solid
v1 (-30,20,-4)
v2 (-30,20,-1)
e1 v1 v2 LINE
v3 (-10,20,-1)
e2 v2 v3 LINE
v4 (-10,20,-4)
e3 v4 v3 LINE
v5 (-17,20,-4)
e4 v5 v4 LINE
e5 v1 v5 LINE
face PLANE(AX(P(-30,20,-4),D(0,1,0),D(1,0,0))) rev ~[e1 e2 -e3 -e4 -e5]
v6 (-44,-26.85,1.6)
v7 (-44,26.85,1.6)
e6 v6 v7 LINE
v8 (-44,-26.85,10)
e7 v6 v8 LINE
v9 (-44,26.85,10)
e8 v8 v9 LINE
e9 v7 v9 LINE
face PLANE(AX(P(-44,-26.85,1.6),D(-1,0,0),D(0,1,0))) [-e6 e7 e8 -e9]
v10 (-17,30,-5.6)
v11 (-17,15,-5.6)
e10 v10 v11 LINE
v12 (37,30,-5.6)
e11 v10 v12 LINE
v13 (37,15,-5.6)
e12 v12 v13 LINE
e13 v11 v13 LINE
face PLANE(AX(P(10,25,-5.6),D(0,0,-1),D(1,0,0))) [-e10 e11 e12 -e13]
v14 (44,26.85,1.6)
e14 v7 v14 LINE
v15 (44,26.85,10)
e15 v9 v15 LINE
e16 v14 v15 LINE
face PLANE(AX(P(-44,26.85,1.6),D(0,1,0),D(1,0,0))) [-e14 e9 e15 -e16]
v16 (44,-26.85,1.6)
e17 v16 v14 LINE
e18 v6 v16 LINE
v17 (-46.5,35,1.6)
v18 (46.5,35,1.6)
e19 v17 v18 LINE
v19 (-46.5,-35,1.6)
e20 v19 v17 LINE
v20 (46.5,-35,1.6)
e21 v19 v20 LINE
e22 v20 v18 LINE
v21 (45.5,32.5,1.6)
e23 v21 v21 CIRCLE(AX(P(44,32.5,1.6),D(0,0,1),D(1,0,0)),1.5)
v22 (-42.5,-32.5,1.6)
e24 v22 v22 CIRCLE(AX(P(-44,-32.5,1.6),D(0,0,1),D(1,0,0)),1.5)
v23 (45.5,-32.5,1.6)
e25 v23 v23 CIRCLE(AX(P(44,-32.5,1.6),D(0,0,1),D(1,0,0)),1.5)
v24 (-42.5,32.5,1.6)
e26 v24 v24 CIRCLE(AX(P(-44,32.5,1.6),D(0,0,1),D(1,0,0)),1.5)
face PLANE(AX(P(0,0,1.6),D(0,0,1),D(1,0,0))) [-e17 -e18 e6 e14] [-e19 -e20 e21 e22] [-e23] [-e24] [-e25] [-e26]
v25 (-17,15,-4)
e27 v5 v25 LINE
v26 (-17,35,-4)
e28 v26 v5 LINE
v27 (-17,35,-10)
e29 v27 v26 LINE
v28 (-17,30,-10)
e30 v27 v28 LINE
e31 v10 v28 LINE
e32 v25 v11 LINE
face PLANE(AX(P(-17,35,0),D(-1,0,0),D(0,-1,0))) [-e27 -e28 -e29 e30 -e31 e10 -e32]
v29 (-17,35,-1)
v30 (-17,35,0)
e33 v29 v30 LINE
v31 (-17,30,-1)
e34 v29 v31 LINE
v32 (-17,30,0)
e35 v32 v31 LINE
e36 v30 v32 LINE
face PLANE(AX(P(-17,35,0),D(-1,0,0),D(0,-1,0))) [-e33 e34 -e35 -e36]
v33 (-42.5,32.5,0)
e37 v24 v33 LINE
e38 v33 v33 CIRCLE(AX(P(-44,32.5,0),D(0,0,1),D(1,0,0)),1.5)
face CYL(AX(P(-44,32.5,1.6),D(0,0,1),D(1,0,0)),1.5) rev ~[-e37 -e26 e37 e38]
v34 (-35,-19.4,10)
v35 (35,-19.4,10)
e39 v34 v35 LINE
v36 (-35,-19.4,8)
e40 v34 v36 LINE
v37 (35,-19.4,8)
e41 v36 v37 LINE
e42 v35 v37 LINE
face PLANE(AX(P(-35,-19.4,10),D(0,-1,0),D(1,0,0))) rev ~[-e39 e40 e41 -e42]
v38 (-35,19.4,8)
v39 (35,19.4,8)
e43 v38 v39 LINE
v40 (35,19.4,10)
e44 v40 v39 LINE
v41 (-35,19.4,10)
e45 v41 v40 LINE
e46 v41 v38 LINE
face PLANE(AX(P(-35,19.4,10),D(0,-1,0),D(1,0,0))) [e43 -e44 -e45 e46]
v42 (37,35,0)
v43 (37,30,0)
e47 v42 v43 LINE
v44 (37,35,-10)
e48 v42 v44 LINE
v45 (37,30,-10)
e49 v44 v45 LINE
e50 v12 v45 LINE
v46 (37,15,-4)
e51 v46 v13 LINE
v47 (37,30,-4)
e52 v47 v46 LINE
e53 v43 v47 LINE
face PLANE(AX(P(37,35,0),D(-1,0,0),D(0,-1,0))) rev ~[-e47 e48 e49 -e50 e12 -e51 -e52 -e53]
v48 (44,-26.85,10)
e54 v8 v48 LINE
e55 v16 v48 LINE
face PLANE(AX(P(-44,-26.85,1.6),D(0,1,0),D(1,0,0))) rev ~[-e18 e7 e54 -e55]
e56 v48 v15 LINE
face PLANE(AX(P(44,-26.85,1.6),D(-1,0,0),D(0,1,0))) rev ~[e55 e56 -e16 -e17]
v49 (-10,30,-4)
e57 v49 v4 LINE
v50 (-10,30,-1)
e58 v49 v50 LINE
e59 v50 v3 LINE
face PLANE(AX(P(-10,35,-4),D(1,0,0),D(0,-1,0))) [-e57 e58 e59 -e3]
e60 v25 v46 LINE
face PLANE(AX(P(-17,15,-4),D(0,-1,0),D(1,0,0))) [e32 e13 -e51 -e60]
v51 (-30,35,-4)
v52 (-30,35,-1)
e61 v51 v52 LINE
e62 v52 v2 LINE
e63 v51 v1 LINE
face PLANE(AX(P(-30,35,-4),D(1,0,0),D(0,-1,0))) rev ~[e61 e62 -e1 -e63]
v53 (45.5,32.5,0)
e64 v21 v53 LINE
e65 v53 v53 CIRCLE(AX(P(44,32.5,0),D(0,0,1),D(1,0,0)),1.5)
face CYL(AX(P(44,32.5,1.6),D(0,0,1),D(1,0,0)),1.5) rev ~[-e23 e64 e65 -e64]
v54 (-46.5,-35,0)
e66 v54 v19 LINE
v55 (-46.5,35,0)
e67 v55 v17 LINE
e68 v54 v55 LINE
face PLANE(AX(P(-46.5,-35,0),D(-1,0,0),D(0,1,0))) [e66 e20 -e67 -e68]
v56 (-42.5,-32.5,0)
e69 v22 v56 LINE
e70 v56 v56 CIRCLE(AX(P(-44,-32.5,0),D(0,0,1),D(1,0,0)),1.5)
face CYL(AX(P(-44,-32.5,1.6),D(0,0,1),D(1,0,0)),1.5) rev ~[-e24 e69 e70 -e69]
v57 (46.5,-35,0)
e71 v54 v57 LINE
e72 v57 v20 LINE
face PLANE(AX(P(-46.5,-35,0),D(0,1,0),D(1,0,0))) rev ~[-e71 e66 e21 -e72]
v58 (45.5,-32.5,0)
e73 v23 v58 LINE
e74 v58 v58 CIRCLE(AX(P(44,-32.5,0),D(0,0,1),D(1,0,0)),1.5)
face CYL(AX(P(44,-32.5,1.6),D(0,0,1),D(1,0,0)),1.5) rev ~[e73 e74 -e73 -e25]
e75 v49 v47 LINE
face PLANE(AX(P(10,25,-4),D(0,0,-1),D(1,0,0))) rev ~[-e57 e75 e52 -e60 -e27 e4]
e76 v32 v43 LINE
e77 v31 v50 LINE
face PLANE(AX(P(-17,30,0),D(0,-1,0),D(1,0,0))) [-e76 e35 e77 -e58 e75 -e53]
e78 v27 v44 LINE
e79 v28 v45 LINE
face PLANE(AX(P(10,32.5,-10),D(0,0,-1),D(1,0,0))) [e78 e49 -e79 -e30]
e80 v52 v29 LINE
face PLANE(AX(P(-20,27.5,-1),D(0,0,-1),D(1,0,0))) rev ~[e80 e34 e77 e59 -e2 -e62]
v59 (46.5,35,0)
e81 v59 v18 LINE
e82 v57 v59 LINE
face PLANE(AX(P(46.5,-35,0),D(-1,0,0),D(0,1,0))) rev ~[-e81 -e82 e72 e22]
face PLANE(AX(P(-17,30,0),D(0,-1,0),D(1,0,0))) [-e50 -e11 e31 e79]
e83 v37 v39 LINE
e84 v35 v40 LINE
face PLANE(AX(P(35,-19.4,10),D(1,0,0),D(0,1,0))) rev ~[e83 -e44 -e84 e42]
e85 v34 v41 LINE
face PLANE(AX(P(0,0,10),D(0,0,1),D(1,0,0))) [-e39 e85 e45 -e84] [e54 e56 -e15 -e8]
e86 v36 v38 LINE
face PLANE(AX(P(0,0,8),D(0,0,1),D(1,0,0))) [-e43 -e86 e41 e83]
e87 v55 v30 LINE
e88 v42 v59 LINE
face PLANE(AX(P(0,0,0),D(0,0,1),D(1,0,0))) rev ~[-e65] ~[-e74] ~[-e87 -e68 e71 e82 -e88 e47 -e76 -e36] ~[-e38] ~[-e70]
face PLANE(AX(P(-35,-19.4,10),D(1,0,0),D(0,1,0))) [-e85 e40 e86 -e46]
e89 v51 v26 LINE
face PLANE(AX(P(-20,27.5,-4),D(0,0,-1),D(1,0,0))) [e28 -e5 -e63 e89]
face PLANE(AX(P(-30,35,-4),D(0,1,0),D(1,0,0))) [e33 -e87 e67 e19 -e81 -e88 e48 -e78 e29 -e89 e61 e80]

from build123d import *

# Parameters (mm, degrees)
SKETCH003_W     = 93
SKETCH003_H     = 70
PAD003_DEPTH    = 1.6
SKETCH_W        = 88
SKETCH_H        = 53.7
PAD_DEPTH       = 8.4
SKETCH004_W     = 70
SKETCH004_H     = 38.8
POCKET_DEPTH    = 2
SKETCH005_R     = 1.5
POCKET001_DEPTH = 1.601
SKETCH006_W     = 54
SKETCH006_H     = 5
PAD004_DEPTH    = 10
SKETCH007_W     = 54
SKETCH007_H     = 20
PAD005_DEPTH    = 1.6
SKETCH008_W     = 20
SKETCH008_H     = 15
PAD006_DEPTH    = 3


with BuildPart() as part:
    # Sketch003 → Pad003 (new body)
    with BuildSketch(Plane.XY):
        Rectangle(SKETCH003_W, SKETCH003_H)
    extrude(amount=PAD003_DEPTH)

    # Sketch (on DatumPlane) → Pad (join)
    with BuildSketch(Plane.XY.offset(1.6)):
        Rectangle(SKETCH_W, SKETCH_H)
    extrude(amount=PAD_DEPTH)

    # Sketch004 (on DatumPlane) → Pocket (cut)
    with BuildSketch(Plane.XY.offset(10)):
        Rectangle(SKETCH004_W, SKETCH004_H)
    extrude(amount=-POCKET_DEPTH, mode=Mode.SUBTRACT)

    # Sketch005 (on DatumPlane) → Pocket001 (cut, through all)
    with BuildSketch(Plane.XY.offset(1.6)):
        with Locations((-44, 32.5)):
            Circle(SKETCH005_R)
        with Locations((44, 32.5)):
            Circle(SKETCH005_R)
        with Locations((-44, -32.5)):
            Circle(SKETCH005_R)
        with Locations((44, -32.5)):
            Circle(SKETCH005_R)
    extrude(amount=-POCKET001_DEPTH, mode=Mode.SUBTRACT)

    # Sketch006 (on DatumPlane) → Pad004 (join)
    with BuildSketch(Plane(origin=(0, 0, 0), x_dir=(1, 0, 0), z_dir=(0, 0, -1))):
        with Locations((10, -32.5)):
            Rectangle(SKETCH006_W, SKETCH006_H)
    extrude(amount=PAD004_DEPTH)

    # Sketch007 (on DatumPlane) → Pad005 (join)
    with BuildSketch(Plane(origin=(0, 0, -4), x_dir=(1, 0, 0), z_dir=(0, 0, -1))):
        with Locations((10, -25)):
            Rectangle(SKETCH007_W, SKETCH007_H)
    extrude(amount=PAD005_DEPTH)

    # Sketch008 (on DatumPlane) → Pad006 (join)
    with BuildSketch(Plane(origin=(0, 0, -4), x_dir=(1, 0, 0), z_dir=(0, 0, -1))):
        with Locations((-20, -27.5)):
            Rectangle(SKETCH008_W, SKETCH008_H)
    extrude(amount=-PAD006_DEPTH)


solid = part.part
